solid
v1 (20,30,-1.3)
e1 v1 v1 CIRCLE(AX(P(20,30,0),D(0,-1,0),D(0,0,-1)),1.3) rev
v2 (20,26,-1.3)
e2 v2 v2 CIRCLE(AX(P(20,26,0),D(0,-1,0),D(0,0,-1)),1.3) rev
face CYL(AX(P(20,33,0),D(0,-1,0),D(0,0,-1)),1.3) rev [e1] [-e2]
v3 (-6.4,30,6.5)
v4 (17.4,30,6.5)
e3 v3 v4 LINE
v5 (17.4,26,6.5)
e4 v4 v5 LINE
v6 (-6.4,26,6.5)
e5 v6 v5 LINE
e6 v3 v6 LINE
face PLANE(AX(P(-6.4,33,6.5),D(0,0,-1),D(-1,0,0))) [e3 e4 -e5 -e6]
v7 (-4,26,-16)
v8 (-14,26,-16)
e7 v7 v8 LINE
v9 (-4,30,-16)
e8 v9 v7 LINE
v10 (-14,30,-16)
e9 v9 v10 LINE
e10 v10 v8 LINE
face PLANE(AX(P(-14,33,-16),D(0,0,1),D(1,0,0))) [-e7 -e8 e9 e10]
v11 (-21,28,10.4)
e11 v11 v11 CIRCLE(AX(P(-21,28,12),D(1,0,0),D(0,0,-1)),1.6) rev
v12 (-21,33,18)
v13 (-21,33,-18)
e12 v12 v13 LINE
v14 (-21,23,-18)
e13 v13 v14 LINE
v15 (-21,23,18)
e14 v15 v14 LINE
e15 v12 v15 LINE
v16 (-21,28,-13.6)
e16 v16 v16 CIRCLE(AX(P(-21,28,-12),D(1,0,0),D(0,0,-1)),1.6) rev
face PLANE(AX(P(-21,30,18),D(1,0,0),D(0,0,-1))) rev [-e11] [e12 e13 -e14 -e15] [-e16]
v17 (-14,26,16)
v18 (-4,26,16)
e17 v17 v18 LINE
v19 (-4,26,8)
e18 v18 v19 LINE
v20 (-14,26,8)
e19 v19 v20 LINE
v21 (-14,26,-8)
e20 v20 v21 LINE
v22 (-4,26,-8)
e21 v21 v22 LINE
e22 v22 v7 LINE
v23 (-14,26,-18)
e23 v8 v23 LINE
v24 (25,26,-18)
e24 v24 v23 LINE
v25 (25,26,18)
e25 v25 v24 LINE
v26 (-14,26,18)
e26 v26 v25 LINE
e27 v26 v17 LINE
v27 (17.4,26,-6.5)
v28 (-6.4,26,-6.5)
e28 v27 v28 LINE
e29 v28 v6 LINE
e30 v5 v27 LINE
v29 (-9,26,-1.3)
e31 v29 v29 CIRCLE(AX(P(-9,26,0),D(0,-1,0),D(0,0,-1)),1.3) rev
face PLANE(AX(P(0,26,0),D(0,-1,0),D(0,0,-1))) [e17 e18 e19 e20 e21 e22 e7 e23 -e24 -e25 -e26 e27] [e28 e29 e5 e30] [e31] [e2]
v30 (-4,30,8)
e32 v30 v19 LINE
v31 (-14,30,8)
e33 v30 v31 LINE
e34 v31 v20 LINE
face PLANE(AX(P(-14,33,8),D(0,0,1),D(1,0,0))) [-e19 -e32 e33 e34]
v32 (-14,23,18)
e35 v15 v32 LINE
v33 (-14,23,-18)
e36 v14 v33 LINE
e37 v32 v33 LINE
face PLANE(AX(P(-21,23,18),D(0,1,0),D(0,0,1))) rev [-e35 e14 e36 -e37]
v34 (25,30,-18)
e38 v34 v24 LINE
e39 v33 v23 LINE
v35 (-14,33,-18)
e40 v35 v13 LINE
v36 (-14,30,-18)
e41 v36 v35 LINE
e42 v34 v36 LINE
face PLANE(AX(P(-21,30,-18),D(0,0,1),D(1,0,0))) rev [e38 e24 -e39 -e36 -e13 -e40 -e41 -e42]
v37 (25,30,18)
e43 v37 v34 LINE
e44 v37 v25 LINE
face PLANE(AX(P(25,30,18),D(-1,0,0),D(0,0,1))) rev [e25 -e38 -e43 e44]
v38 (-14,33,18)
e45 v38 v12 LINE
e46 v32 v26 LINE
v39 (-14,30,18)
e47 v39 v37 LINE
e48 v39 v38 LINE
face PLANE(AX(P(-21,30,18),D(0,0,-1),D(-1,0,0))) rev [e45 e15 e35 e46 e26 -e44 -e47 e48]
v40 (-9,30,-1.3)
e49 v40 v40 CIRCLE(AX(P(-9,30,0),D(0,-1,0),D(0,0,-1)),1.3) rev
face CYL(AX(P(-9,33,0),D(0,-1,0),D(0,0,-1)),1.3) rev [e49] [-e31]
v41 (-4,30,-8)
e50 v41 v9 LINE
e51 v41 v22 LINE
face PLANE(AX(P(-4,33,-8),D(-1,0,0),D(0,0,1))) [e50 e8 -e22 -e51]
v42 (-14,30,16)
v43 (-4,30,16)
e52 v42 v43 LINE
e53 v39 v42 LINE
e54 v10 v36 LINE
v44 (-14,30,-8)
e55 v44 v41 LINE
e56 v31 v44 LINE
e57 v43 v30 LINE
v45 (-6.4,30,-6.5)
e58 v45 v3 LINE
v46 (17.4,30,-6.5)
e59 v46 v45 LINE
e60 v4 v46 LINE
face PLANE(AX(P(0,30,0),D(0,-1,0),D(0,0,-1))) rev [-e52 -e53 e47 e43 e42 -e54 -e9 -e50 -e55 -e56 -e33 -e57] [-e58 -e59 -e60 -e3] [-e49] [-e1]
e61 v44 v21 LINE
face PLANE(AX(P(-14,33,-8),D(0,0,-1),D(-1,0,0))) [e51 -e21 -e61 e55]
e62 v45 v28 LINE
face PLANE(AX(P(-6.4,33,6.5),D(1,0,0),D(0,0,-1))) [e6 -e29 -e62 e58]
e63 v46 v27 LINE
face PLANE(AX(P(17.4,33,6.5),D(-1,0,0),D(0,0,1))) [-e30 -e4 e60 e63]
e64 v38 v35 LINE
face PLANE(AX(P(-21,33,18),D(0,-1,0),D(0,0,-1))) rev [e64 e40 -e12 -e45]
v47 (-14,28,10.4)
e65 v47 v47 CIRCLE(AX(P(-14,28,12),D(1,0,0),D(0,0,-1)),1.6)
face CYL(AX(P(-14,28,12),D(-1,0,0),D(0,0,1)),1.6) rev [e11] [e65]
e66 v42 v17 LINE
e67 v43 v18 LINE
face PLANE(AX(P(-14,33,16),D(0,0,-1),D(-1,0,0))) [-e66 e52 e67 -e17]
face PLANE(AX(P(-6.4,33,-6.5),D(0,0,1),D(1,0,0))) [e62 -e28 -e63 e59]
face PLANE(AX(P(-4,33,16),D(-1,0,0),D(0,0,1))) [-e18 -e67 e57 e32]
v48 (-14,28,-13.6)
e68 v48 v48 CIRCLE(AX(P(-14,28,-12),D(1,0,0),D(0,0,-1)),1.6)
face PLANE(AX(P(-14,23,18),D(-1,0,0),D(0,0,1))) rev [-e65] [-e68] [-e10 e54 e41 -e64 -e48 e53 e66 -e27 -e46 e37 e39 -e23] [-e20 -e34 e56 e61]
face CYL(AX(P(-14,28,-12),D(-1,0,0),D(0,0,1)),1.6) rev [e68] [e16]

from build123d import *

# Parameters (mm, degrees)
SERVO_SHELF_START                = 26
SERVO_SHELF_PROFILE_W            = 46
SERVO_SHELF_PROFILE_H            = 36
SERVO_SHELF_DEPTH                = 4
REAR_CLAMPING_BLOCK_START        = -18
REAR_CLAMPING_BLOCK_PROFILE_W    = 7
REAR_CLAMPING_BLOCK_PROFILE_H    = 10
REAR_CLAMPING_BLOCK_DEPTH        = 36
SERVO_BODY_WINDOW_START          = 25
SERVO_BODY_WINDOW_PROFILE_W      = 23.8
SERVO_BODY_WINDOW_PROFILE_H      = 13
SERVO_BODY_WINDOW_DEPTH          = 21.144213361
YAW_SERVO_M2_FASTENERS_START     = 25
YAW_SERVO_M2_FASTENERS_PROFILE_R = 1.3
YAW_SERVO_M2_FASTENERS_DEPTH     = 21.144213361
LEFT_NUT_ACCESS_START            = 20
LEFT_NUT_ACCESS_PROFILE_W        = 10
LEFT_NUT_ACCESS_PROFILE_H        = 8
LEFT_NUT_ACCESS_DEPTH            = 26.144213361
RIGHT_NUT_ACCESS_START           = 20
RIGHT_NUT_ACCESS_PROFILE_W       = 10
RIGHT_NUT_ACCESS_PROFILE_H       = 8
RIGHT_NUT_ACCESS_DEPTH           = 26.144213361
REAR_CLAMPING_M3_HOLES_START     = -25
REAR_CLAMPING_M3_PROFILE_R       = 1.6
REAR_CLAMPING_M3_HOLES_DEPTH     = 11


with BuildPart() as part:
    # Servo_shelf_profile → Servo_shelf (new body)
    with BuildSketch(Plane(origin=(0, 0, 0), x_dir=(1, 0, 0), z_dir=(0, 1, 0)).offset(SERVO_SHELF_START)):
        with Locations((2, 0)):
            Rectangle(SERVO_SHELF_PROFILE_W, SERVO_SHELF_PROFILE_H)
    extrude(amount=SERVO_SHELF_DEPTH)

    # Rear_clamping_block_profile → Rear_clamping_block (add)
    with BuildSketch(Plane.XY.offset(REAR_CLAMPING_BLOCK_START)):
        with Locations((-17.5, 28)):
            Rectangle(REAR_CLAMPING_BLOCK_PROFILE_W, REAR_CLAMPING_BLOCK_PROFILE_H)
    extrude(amount=REAR_CLAMPING_BLOCK_DEPTH)

    # Servo_body_window_profile → Servo_body_window (cut, through all)
    with BuildSketch(Plane(origin=(0, 0, 0), x_dir=(1, 0, 0), z_dir=(0, 1, 0)).offset(SERVO_BODY_WINDOW_START)):
        with Locations((5.5, 0)):
            Rectangle(SERVO_BODY_WINDOW_PROFILE_W, SERVO_BODY_WINDOW_PROFILE_H)
    extrude(amount=SERVO_BODY_WINDOW_DEPTH, mode=Mode.SUBTRACT)

    # Yaw_servo_M2_fasteners_profile → Yaw_servo_M2_fasteners (cut, through all)
    with BuildSketch(Plane(origin=(0, 0, 0), x_dir=(1, 0, 0), z_dir=(0, 1, 0)).offset(YAW_SERVO_M2_FASTENERS_START)):
        with Locations(Location((-9, 0, 0), (0, 0, 90))):
            Circle(YAW_SERVO_M2_FASTENERS_PROFILE_R)
        with Locations(Location((20, 0, 0), (0, 0, 90))):
            Circle(YAW_SERVO_M2_FASTENERS_PROFILE_R)
    extrude(amount=YAW_SERVO_M2_FASTENERS_DEPTH, mode=Mode.SUBTRACT)

    # Left_nut_access_profile → Left_nut_access (cut, through all)
    with BuildSketch(Plane(origin=(0, 0, 0), x_dir=(1, 0, 0), z_dir=(0, 1, 0)).offset(LEFT_NUT_ACCESS_START)):
        with Locations((-9, 12)):
            Rectangle(LEFT_NUT_ACCESS_PROFILE_W, LEFT_NUT_ACCESS_PROFILE_H)
    extrude(amount=LEFT_NUT_ACCESS_DEPTH, mode=Mode.SUBTRACT)

    # Right_nut_access_profile → Right_nut_access (cut, through all)
    with BuildSketch(Plane(origin=(0, 0, 0), x_dir=(1, 0, 0), z_dir=(0, 1, 0)).offset(RIGHT_NUT_ACCESS_START)):
        with Locations((-9, -12)):
            Rectangle(RIGHT_NUT_ACCESS_PROFILE_W, RIGHT_NUT_ACCESS_PROFILE_H)
    extrude(amount=RIGHT_NUT_ACCESS_DEPTH, mode=Mode.SUBTRACT)

    # Rear_clamping_M3_profile → Rear_clamping_M3_holes (cut)
    with BuildSketch(Plane(origin=(0, 0, 0), x_dir=(0, 0, -1), z_dir=(1, 0, 0)).offset(REAR_CLAMPING_M3_HOLES_START)):
        with Locations((12, 28)):
            Circle(REAR_CLAMPING_M3_PROFILE_R)
        with Locations((-12, 28)):
            Circle(REAR_CLAMPING_M3_PROFILE_R)
    extrude(amount=REAR_CLAMPING_M3_HOLES_DEPTH, mode=Mode.SUBTRACT)


solid = part.part
